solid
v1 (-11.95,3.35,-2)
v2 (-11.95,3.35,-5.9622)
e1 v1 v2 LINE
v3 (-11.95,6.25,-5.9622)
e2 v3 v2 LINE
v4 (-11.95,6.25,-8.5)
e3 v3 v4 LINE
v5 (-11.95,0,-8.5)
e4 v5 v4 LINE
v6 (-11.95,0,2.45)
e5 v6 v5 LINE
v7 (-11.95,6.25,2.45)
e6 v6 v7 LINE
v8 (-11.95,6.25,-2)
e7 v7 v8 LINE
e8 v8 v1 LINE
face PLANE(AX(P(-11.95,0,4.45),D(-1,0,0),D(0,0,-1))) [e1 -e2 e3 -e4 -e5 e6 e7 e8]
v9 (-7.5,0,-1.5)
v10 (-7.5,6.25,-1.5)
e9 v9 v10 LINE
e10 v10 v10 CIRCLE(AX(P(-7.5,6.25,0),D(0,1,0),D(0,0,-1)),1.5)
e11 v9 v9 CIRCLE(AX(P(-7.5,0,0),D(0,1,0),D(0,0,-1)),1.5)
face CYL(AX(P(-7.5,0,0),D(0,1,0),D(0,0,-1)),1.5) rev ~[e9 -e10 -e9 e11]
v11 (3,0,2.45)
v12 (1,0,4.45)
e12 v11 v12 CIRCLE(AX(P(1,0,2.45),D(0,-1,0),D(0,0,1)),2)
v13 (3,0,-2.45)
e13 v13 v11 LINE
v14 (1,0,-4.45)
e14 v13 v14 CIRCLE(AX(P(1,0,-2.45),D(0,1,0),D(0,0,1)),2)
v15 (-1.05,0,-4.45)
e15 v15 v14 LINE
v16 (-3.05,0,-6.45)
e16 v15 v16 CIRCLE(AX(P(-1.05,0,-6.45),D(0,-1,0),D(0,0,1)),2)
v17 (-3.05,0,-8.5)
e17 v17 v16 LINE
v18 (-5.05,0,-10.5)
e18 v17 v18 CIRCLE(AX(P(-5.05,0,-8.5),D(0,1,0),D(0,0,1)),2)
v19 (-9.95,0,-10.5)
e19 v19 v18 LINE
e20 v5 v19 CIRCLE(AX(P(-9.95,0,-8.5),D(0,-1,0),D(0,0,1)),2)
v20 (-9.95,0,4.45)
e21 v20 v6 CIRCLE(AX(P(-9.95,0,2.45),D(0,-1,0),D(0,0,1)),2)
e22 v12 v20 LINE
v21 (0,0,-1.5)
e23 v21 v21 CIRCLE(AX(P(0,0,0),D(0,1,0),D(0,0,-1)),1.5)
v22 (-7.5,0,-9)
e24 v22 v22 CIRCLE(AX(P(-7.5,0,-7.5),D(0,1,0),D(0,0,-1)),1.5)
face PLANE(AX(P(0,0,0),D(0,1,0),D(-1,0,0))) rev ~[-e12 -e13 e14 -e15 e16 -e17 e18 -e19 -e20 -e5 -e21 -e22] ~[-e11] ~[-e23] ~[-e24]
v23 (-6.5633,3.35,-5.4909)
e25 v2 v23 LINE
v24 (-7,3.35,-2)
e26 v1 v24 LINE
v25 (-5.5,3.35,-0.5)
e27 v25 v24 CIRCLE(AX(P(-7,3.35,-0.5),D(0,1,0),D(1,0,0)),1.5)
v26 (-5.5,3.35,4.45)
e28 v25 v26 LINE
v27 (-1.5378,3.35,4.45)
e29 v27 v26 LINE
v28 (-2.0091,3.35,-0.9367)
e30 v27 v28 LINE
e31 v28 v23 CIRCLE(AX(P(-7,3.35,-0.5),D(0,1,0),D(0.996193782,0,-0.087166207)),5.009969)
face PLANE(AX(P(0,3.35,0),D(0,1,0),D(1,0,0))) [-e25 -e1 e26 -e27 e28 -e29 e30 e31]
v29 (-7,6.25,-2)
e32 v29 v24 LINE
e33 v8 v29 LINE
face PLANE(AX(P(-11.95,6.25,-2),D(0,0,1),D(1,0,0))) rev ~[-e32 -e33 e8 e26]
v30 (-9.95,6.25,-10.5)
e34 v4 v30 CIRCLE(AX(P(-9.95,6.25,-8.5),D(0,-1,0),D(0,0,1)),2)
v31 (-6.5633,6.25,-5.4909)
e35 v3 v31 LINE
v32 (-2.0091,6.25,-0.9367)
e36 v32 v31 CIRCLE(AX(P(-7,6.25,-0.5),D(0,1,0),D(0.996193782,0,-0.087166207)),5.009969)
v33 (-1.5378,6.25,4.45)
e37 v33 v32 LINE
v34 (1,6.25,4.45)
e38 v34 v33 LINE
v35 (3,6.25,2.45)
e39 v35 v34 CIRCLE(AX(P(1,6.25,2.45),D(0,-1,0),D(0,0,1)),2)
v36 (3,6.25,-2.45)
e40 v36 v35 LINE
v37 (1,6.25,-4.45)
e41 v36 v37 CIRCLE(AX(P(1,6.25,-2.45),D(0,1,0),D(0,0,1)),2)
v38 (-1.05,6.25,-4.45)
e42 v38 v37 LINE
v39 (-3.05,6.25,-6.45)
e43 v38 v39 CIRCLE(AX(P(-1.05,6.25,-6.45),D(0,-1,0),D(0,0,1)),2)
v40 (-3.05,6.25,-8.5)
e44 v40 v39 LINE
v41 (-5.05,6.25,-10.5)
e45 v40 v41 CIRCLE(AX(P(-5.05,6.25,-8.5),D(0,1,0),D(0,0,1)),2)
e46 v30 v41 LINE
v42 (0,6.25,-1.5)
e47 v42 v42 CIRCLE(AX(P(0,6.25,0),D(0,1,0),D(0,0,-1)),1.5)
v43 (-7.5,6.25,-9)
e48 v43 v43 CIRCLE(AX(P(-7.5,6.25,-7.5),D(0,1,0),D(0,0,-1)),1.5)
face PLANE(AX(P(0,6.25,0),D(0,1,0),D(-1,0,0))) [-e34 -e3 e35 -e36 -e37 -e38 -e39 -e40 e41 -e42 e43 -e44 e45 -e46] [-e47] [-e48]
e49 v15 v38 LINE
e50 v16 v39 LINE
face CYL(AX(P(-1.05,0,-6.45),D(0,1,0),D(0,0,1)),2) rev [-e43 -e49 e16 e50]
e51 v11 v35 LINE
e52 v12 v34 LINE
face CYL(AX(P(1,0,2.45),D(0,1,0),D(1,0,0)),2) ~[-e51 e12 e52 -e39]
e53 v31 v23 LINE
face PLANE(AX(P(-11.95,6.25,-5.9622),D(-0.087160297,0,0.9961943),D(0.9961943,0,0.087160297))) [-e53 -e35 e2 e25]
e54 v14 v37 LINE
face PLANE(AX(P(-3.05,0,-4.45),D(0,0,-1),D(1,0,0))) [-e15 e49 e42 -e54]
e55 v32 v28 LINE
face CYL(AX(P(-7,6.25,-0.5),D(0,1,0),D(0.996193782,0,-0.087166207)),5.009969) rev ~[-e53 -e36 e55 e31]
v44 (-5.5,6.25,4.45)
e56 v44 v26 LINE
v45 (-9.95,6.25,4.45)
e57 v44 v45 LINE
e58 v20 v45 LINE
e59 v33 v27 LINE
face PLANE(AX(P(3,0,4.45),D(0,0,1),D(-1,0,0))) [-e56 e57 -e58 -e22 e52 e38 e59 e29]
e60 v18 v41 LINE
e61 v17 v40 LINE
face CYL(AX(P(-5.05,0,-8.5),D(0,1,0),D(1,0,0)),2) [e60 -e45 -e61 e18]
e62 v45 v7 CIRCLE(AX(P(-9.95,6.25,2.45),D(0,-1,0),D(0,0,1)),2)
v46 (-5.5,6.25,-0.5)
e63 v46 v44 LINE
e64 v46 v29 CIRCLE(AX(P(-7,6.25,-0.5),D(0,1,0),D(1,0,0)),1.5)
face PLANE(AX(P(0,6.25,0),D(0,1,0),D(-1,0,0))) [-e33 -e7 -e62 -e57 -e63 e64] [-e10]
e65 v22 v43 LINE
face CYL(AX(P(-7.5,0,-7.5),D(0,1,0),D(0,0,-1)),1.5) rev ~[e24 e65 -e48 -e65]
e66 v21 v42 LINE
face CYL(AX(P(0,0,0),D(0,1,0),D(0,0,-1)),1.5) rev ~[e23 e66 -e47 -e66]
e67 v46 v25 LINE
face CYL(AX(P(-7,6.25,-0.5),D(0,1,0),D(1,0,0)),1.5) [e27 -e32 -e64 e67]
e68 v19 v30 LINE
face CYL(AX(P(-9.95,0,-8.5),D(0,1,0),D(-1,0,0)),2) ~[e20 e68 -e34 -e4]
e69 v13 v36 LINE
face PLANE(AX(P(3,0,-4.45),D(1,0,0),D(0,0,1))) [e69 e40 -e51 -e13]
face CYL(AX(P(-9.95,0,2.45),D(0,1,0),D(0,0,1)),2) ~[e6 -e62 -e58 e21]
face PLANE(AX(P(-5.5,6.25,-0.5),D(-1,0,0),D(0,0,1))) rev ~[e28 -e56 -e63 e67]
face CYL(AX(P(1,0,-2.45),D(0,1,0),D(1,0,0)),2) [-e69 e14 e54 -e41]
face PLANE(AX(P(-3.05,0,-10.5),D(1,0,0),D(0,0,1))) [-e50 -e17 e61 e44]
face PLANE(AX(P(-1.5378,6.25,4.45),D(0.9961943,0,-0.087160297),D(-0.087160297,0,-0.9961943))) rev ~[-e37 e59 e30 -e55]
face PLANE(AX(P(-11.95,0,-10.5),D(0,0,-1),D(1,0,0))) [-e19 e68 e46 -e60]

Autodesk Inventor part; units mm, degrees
ref_plane "YZ Plane" through (0, 0, 0) normal (1, 0, 0) x (0, 1, 0)
ref_plane "XZ Plane" through (0, 0, 0) normal (0, 1, 0) x (-1, 0, 0)
ref_plane "XY Plane" through (0, 0, 0) normal (0, 0, 1) x (1, 0, 0)
sketch "Sketch1" plane through (0, 0, 0) normal (0, 1, 0) x (-1, 0, 0)
  line L0 (0, 0) -> (7.5, 0) construction
  line L1 (7.5, 0) -> (7.5, -7.5) construction
  line L2 (0, 0) -> (-3, 0) construction
  line L3 (-3, -4.45) -> (-3, 4.45)
  line L4 (-3, 4.45) -> (11.95, 4.45)
  line L5 (11.95, 4.45) -> (11.95, -10.5)
  line L6 (11.95, -10.5) -> (3.05, -10.5)
  line L7 (3.05, -10.5) -> (3.05, -4.45)
  line L8 (3.05, -4.45) -> (-3, -4.45)
  line L9 (7.5, -7.5) -> (7.5, -10.5) construction
  dimension "d0" = 7.5
  dimension "d1" = 7.5
  dimension "d2" = 8.9
  dimension "d3" = 3
extrude "Extrusion1" add sketch "Sketch1" along normal blind 6.25
hole "Hole1" at (0, 0, 0) at (-7.5, 0, 0) at (-7.5, 0, -7.5) direction (0, 1, 0) diameter 3 end through all
sketch "Sketch2" plane through (0, 6.25, 0) normal (0, 1, 0) x (1, 0, 0)
  circle A0 centre (-7.5, 0) radius 1.5 projected
  circle A1 centre (0, 0) radius 1.5 construction
  circle A2 centre (-7.5, 7.5) radius 1.5 projected
  line L0 (3, -4.45) -> (3, 4.45) construction
  line L1 (3, 4.45) -> (-3.05, 4.45) construction
  line L2 (-3.05, 4.45) -> (-3.05, 10.5) construction
  line L3 (-3.05, 10.5) -> (-11.95, 10.5) construction
  line L4 (-11.95, 10.5) -> (-11.95, -4.45) construction
  line L5 (-11.95, -4.45) -> (3, -4.45) construction
  line L6 (-11.95, -4.45) -> (-11.95, 10.5) projected
  line L7 (-11.95, 2) -> (-7, 2)
  line L8 (-5.5, 2) -> (-5.5, 0.5) construction
  line L9 (-11.95, -4.45) -> (3, -4.45) construction
  line L10 (-3.05, 4.45) -> (3, 4.45) construction
  line L11 (-7.5, 0) -> (-7.5, 2) construction
  line L12 (-7.5, 0) -> (-5.5, 0) construction
  line L13 (-3.05, 4.45) -> (-3.05, 10.5) construction
  line L14 (-3.05, 10.5) -> (-3.05, 4.45) construction
  line L15 (-1.5378, -4.45) -> (-5.5, -4.45)
  line L16 (-11.95, 2) -> (-11.95, 5.9622)
  line L17 (-11.95, 10.5) -> (-11.95, -4.45) projected
  line L18 (-11.95, 5.9622) -> (-6.5633, 5.4909)
  line L19 (-1.5378, -4.45) -> (-2.0091, 0.9367)
  circle A3 centre (-7, 0.5) radius 1.5
  line L20 (-7, 2) -> (-5.5, 2) construction
  line L21 (-5.5, 0.5) -> (-5.5, -4.45)
  arc A4 (-2.0091, 0.9367) -> (-6.5633, 5.4909) centre (-7, 0.5) ccw
  dimension "d14" = 2
  dimension "d18" = 5
  dimension "d19" = 5
  dimension "d21" = 3
  dimension "d22" = 5.01
extrude "MontageEnForce" cut sketch "Sketch2" against normal blind 2.9 contours L7 L6 L18 A4 L19 L15 L21 A3
fillet "Fillet1" radius 2 6 edges at (-3.05, 3.125, -4.45) (-11.95, 3.125, 4.45) (-3.05, 3.125, -10.5) (-11.95, 3.125, -10.5) (3, 3.125, 4.45) (3, 3.125, -4.45)
ref_plane "Work Plane1" through (0, 4.8, 0) normal (0, 1, 0) x (1, 0, 0)
sketch "Sketch4" plane through (0, 6.25, 0) normal (0, 1, 0) x (1, 0, 0)
  circle A0 centre (-7.5, 0) radius 1.5 projected
  circle A1 centre (-7.5, 7.5) radius 1.5 projected
  circle A2 centre (0, 0) radius 1.5 projected
ref_plane "Work Plane5" through (-7.5, 6.25, 0) normal (-1, 0, 0) x (0, 0, 1)
ref_plane "Work Plane6" through (0, 6.25, 0) normal (-1, 0, 0) x (0, 0, 1)
ref_plane "Work Plane7" through (-7.5, 6.25, 0) normal (0, 0, 1) x (1, 0, 0)
ref_plane "Work Plane8" through (-7.5, 6.25, -7.5) normal (0, 0, 1) x (1, 0, 0)
ref_plane "Work Plane2" through (-3.75, 6.25, 0) normal (-1, 0, 0) x (0, 0, 1)
ref_plane "Work Plane3" through (-7.5, 6.25, -3.75) normal (0, 0, 1) x (1, 0, 0)
equation "\"d0\" = side_2_corner"
equation "\"d1\" = side_2_corner"
equation "\"d2\" = width"
equation "\"d3\" = hole_2_border"
equation "\"d4\" = fix_thickness"
equation "\"d14\" = wire_2_corner"
equation "\"d18\" = angle_tol"
equation "\"d19\" = angle_tol"
equation "\"d21\" = 2 * wire_corner_fillet"
equation "\"d22\" = wire_corner_margin + wire_diameter + wire_corner_fillet"
equation "\"fix_thickness\" = 6.25"
equation "\"wire_diameter\" = 3"
equation "\"back_fix_width\" = 1"
equation "\"side_2_corner\" = piano_wire_holes_spacing"
equation "\"wire_2_corner\" = 2"
equation "\"angle_tol\" = 5deg"
equation "\"wire_corner_margin\" = 0.51"
equation "\"wire_corner_fillet\" = 1.5"
equation "\"hole_2_border\" = 3"
equation "\"width\" = 8.9"
equation "\"piano_wire_holes_spacing\" = 7.5"
properties part number "piano_wire_back_fixation"
